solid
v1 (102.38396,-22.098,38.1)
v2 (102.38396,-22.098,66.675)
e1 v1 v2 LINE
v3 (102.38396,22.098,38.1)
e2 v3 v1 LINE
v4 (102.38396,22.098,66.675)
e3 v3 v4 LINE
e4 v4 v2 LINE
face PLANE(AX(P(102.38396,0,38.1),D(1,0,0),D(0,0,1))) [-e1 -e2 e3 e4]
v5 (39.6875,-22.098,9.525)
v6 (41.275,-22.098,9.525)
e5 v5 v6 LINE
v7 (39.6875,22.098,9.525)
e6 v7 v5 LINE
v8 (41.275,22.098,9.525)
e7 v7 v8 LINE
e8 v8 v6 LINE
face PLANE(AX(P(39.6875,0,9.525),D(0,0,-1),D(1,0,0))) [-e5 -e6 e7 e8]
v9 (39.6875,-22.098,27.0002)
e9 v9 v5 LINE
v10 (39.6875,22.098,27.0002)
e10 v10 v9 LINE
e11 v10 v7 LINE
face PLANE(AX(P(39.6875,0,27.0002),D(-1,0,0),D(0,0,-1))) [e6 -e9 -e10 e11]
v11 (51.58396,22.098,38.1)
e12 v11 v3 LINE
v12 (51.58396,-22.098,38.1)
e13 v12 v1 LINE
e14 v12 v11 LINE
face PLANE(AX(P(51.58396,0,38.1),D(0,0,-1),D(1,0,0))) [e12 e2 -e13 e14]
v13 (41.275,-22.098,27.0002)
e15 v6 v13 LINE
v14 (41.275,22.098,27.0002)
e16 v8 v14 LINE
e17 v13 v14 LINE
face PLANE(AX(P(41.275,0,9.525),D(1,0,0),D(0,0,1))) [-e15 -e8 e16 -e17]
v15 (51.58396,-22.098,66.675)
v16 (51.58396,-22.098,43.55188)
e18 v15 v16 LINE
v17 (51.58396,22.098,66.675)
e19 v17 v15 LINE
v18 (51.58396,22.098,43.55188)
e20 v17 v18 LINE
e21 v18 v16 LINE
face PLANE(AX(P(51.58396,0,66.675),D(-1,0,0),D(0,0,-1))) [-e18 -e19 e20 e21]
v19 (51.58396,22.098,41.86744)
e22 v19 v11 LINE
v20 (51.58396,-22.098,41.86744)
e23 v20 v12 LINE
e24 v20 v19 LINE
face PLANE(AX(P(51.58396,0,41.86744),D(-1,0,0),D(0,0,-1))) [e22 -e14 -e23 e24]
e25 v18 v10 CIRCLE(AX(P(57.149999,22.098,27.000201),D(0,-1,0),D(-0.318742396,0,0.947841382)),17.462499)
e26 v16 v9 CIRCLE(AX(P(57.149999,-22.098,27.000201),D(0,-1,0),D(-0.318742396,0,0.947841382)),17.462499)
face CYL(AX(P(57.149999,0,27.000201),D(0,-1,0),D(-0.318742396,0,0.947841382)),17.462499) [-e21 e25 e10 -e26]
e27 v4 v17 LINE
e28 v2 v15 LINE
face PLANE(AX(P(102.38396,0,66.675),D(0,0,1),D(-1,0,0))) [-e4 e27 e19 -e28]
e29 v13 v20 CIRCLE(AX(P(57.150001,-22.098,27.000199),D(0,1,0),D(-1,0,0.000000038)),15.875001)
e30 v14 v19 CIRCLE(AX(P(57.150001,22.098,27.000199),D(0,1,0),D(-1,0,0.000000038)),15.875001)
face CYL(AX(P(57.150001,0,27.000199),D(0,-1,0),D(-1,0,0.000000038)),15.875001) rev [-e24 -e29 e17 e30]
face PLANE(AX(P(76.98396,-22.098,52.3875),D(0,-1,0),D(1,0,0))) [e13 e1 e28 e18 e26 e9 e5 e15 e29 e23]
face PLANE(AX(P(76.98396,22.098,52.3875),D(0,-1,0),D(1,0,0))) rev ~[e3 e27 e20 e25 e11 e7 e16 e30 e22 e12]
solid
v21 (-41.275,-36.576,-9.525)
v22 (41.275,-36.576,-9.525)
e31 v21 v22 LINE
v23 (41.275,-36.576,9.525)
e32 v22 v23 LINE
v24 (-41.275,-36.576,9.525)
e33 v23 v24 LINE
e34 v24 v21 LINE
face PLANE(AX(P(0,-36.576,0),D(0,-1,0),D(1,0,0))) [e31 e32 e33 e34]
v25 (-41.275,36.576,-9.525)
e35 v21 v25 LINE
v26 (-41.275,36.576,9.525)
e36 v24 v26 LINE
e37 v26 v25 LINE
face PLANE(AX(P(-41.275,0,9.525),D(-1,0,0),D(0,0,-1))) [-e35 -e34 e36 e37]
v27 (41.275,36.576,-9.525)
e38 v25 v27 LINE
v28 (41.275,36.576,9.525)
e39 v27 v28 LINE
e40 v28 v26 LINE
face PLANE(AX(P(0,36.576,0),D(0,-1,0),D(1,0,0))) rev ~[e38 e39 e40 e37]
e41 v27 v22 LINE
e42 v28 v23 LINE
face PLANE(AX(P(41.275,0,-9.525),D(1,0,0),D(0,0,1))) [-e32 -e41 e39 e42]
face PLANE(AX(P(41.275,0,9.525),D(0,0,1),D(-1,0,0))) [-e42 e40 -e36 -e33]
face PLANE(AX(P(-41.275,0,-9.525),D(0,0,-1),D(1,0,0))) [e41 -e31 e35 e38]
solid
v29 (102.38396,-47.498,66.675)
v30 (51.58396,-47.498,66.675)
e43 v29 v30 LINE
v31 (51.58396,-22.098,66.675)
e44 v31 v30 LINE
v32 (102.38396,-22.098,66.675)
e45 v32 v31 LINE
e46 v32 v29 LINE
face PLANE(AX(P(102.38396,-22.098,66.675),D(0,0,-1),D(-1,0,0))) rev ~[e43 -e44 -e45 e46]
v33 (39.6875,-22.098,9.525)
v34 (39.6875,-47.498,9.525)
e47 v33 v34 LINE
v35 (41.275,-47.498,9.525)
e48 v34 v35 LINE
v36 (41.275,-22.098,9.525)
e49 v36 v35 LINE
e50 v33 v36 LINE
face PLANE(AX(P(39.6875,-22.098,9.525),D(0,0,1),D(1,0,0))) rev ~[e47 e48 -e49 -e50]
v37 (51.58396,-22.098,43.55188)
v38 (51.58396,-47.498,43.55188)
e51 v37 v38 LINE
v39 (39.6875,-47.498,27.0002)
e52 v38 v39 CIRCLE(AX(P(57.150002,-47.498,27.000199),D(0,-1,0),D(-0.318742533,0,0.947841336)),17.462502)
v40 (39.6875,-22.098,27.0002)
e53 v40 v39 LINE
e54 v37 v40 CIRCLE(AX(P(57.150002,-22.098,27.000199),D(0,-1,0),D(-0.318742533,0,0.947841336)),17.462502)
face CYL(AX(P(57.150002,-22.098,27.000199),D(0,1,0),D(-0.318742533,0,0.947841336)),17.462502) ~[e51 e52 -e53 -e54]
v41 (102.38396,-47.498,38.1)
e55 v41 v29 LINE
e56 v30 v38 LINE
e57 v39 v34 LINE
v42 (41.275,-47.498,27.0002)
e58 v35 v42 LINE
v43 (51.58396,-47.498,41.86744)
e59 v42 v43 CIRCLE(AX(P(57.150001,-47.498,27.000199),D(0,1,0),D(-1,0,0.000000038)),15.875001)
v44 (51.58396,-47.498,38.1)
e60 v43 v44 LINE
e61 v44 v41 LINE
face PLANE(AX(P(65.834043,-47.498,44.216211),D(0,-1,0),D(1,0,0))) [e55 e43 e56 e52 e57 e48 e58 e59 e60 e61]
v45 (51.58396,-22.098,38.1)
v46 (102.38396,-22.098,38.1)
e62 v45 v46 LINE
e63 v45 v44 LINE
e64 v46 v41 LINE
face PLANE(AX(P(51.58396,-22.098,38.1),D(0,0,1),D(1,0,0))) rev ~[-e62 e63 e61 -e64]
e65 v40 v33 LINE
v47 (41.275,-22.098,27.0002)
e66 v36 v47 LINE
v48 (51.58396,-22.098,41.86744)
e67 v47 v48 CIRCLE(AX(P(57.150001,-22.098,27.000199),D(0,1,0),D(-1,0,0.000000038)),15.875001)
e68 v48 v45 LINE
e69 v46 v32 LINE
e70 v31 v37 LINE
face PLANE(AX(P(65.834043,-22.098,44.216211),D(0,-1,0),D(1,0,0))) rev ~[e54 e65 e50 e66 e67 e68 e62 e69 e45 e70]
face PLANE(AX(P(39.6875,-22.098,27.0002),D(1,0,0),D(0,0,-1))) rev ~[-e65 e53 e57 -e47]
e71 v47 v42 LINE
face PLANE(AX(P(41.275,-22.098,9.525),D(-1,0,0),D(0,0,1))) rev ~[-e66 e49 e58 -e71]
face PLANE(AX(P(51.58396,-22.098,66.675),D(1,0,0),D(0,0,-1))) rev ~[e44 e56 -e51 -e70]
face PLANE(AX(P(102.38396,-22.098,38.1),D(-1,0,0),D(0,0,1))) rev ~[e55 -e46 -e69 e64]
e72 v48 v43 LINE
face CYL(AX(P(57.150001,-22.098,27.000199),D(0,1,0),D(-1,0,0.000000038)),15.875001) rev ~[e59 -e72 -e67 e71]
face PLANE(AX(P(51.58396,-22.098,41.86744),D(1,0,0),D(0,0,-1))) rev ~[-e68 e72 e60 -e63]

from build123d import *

# Parameters (mm, degrees)
F1_DEPTH = 36.576
F2_DEPTH = 22.098
F3_DEPTH = 25.4


with BuildPart() as f1:
    # F0 (on Front) → F1 (new body, symmetric)
    with BuildSketch(Plane.XZ):
        Polygon((-41.275, -9.525), (41.275, -9.525), (41.275, 9.525), (39.6875, 9.525), (-41.275, 9.525), align=None)
    extrude(amount=F1_DEPTH, both=True)


with BuildPart() as f2:
    # F0 (on Front) → F2 (new body, symmetric)
    with BuildSketch(Plane.XZ):
        Polygon((51.58396, 43.55188), (51.58396, 41.86744), (51.58396, 38.1), (102.38396, 38.1), (102.38396, 66.675), (51.58396, 66.675), align=None)
        with BuildLine():
            Line((39.6875, 9.525), (41.275, 9.525))
            Line((41.275, 9.525), (41.275, 27.0002))
            ThreePointArc((41.275, 27.0002), (44.104378, 36.046048), (51.58396, 41.86744))
            Line((51.58396, 41.86744), (51.58396, 43.55188))
            ThreePointArc((51.58396, 43.55188), (42.970157, 37.191911), (39.6875, 27.0002))
            Line((39.6875, 27.0002), (39.6875, 9.525))
        make_face()
    extrude(amount=F2_DEPTH, both=True)


with BuildPart() as f3:
    # F2_face (on face) → F3 (new body)
    with BuildSketch(Plane(origin=(75.611873, -22.098, 51.409216), x_dir=(1, 0, 0), z_dir=(0, -1, 0))):
        with BuildLine():
            Line((-24.027913, -9.541776), (-24.027913, -13.309216))
            Line((-24.027913, -13.309216), (26.772087, -13.309216))
            Line((26.772087, -13.309216), (26.772087, 15.265784))
            Line((26.772087, 15.265784), (-24.027913, 15.265784))
            Line((-24.027913, 15.265784), (-24.027913, -7.857336))
            ThreePointArc((-24.027913, -7.857336), (-32.641715, -14.217305), (-35.924373, -24.409016))
            Line((-35.924373, -24.409016), (-35.924373, -41.884216))
            Line((-35.924373, -41.884216), (-34.336873, -41.884216))
            Line((-34.336873, -41.884216), (-34.336873, -24.409016))
            ThreePointArc((-34.336873, -24.409016), (-31.507495, -15.363168), (-24.027913, -9.541776))
        make_face()
    extrude(amount=F3_DEPTH)


solid = Compound([f1.part, f2.part, f3.part])
